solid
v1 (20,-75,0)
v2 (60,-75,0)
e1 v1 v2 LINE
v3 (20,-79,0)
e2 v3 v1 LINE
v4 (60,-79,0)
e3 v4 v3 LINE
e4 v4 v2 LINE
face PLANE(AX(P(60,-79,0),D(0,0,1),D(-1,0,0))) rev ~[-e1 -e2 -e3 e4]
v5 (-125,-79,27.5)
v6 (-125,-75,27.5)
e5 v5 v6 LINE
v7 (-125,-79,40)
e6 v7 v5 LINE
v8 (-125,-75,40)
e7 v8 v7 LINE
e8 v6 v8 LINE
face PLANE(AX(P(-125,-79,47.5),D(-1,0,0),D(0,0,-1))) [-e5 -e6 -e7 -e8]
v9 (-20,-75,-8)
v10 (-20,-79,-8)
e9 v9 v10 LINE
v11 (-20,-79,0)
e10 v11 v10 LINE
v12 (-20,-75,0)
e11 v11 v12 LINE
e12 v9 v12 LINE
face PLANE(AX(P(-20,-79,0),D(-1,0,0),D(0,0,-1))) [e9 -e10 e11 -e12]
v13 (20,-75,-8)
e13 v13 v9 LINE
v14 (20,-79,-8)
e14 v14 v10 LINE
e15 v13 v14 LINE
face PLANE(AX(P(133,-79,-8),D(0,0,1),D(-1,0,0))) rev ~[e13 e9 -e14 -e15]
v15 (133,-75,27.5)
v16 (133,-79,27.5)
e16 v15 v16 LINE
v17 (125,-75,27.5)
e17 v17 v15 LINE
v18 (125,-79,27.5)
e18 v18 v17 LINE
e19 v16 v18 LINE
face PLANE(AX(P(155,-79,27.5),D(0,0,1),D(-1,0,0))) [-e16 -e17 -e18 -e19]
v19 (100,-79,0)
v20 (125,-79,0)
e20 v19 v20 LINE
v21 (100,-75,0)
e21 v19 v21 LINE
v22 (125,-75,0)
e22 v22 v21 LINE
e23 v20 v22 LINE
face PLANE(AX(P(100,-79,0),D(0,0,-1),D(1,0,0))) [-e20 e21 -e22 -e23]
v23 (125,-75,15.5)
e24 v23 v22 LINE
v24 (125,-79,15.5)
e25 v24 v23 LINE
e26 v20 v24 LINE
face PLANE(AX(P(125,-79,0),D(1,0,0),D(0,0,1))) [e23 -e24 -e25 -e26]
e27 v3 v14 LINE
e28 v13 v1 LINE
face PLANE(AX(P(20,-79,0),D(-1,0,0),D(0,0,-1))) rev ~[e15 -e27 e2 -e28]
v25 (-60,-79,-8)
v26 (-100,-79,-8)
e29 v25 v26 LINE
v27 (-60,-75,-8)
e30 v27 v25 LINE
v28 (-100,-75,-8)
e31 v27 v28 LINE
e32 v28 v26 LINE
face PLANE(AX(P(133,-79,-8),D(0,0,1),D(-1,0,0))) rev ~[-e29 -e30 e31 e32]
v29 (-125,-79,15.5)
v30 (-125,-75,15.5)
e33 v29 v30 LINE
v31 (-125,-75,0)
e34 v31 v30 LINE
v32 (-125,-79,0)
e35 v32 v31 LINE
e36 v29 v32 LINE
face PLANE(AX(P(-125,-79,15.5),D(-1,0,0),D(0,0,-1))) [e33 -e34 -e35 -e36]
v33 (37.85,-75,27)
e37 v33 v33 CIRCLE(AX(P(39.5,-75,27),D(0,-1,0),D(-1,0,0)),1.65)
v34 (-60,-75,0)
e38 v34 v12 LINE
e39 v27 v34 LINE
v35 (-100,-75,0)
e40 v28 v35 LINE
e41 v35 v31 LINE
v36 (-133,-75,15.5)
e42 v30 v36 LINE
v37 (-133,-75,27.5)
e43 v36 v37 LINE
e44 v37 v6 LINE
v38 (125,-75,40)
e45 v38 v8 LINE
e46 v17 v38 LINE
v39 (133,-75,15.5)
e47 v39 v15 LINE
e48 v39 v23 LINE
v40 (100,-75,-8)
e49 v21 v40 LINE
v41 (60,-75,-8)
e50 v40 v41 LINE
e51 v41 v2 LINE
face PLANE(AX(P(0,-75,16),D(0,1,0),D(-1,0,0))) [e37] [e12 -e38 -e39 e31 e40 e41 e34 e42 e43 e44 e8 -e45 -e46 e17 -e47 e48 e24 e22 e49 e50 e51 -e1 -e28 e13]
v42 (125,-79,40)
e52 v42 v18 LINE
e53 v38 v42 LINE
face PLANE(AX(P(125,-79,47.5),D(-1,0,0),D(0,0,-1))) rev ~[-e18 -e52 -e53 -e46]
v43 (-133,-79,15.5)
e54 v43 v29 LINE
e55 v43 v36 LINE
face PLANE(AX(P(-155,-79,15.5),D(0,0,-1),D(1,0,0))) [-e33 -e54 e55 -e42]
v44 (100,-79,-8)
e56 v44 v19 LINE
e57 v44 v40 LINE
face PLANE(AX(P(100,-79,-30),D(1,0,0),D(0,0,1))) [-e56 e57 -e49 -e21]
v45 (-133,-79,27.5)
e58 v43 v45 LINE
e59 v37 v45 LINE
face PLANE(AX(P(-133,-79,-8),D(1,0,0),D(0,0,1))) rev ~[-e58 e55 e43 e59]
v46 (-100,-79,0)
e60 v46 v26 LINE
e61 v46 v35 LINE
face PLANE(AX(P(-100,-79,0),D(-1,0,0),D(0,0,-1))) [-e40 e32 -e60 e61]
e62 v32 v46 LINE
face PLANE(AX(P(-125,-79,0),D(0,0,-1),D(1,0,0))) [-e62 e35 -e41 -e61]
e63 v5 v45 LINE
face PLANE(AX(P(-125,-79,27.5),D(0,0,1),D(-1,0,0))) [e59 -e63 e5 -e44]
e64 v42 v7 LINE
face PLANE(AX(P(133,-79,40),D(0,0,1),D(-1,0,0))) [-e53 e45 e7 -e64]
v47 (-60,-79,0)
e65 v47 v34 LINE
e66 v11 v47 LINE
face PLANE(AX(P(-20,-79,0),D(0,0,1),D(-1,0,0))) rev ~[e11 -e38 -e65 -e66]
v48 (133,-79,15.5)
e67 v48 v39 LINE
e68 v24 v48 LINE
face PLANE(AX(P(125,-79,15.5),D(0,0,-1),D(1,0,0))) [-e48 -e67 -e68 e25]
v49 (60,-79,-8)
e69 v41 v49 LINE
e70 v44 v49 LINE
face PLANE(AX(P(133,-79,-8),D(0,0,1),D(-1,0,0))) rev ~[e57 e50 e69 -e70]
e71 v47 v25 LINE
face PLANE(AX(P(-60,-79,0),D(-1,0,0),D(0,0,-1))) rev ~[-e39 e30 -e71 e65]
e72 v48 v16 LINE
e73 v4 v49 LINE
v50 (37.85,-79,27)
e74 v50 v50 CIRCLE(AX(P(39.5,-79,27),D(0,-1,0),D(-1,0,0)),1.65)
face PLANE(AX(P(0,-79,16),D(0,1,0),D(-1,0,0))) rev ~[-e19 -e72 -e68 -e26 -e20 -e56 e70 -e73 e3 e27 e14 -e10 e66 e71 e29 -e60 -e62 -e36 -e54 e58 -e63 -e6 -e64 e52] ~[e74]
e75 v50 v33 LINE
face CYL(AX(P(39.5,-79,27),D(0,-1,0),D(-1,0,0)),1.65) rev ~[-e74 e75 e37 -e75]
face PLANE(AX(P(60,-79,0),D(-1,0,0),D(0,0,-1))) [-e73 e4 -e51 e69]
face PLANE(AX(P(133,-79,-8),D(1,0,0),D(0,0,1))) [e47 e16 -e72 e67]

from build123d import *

# Parameters (mm, degrees)
SKETCH012_W     = 266
SKETCH012_H     = 48
PAD009_DEPTH    = 4
SKETCH022_W     = 40
SKETCH022_H     = 30
SKETCH022_W_2   = 30
SKETCH022_H_2   = 20
POCKET005_DEPTH = 4.001
SKETCH038_R     = 1.65
HOLE003_DEPTH   = 25


with BuildPart() as part:
    # Sketch012 (on DatumPlane) → Pad009 (new body)
    with BuildSketch(Plane(origin=(0, -79, -4), x_dir=(-1, 0, 0), z_dir=(0, 1, 0))):
        with Locations((0, 20)):
            Rectangle(SKETCH012_W, SKETCH012_H)
    extrude(amount=PAD009_DEPTH)

    # Sketch022 (on Face5 of Pad009) → Pocket005 (cut, through all)
    with BuildSketch(Plane(origin=(0, -79, -4), x_dir=(-1, 0, 0), z_dir=(0, -1, 0))):
        Polygon((-145, 26), (-100, 26), (-100, -4), (-125, -4), (-125, -19.5), (-155, -19.5), (-155, 0.5), (-145, 0.5), align=None)
        with Locations((-40, 11)):
            Rectangle(SKETCH022_W, SKETCH022_H)
        with Locations((40, 11)):
            Rectangle(SKETCH022_W, SKETCH022_H)
        Polygon((100, 26), (145, 26), (145, 0.5), (155, 0.5), (155, -19.5), (125, -19.5), (125, -4), (100, -4), align=None)
        with Locations((-140, -41.5)):
            Rectangle(SKETCH022_W_2, SKETCH022_H_2)
        with Locations((140, -41.5)):
            Rectangle(SKETCH022_W_2, SKETCH022_H_2)
    extrude(amount=-POCKET005_DEPTH, mode=Mode.SUBTRACT)

    # Sketch038 (on Face2 of Pocket005) → Hole003 (cut)
    with BuildSketch(Plane(origin=(0, -79, -4), x_dir=(-1, 0, 0), z_dir=(0, -1, 0))):
        with Locations((-39.5, -31)):
            Circle(SKETCH038_R)
    extrude(amount=-HOLE003_DEPTH, mode=Mode.SUBTRACT)


solid = part.part
